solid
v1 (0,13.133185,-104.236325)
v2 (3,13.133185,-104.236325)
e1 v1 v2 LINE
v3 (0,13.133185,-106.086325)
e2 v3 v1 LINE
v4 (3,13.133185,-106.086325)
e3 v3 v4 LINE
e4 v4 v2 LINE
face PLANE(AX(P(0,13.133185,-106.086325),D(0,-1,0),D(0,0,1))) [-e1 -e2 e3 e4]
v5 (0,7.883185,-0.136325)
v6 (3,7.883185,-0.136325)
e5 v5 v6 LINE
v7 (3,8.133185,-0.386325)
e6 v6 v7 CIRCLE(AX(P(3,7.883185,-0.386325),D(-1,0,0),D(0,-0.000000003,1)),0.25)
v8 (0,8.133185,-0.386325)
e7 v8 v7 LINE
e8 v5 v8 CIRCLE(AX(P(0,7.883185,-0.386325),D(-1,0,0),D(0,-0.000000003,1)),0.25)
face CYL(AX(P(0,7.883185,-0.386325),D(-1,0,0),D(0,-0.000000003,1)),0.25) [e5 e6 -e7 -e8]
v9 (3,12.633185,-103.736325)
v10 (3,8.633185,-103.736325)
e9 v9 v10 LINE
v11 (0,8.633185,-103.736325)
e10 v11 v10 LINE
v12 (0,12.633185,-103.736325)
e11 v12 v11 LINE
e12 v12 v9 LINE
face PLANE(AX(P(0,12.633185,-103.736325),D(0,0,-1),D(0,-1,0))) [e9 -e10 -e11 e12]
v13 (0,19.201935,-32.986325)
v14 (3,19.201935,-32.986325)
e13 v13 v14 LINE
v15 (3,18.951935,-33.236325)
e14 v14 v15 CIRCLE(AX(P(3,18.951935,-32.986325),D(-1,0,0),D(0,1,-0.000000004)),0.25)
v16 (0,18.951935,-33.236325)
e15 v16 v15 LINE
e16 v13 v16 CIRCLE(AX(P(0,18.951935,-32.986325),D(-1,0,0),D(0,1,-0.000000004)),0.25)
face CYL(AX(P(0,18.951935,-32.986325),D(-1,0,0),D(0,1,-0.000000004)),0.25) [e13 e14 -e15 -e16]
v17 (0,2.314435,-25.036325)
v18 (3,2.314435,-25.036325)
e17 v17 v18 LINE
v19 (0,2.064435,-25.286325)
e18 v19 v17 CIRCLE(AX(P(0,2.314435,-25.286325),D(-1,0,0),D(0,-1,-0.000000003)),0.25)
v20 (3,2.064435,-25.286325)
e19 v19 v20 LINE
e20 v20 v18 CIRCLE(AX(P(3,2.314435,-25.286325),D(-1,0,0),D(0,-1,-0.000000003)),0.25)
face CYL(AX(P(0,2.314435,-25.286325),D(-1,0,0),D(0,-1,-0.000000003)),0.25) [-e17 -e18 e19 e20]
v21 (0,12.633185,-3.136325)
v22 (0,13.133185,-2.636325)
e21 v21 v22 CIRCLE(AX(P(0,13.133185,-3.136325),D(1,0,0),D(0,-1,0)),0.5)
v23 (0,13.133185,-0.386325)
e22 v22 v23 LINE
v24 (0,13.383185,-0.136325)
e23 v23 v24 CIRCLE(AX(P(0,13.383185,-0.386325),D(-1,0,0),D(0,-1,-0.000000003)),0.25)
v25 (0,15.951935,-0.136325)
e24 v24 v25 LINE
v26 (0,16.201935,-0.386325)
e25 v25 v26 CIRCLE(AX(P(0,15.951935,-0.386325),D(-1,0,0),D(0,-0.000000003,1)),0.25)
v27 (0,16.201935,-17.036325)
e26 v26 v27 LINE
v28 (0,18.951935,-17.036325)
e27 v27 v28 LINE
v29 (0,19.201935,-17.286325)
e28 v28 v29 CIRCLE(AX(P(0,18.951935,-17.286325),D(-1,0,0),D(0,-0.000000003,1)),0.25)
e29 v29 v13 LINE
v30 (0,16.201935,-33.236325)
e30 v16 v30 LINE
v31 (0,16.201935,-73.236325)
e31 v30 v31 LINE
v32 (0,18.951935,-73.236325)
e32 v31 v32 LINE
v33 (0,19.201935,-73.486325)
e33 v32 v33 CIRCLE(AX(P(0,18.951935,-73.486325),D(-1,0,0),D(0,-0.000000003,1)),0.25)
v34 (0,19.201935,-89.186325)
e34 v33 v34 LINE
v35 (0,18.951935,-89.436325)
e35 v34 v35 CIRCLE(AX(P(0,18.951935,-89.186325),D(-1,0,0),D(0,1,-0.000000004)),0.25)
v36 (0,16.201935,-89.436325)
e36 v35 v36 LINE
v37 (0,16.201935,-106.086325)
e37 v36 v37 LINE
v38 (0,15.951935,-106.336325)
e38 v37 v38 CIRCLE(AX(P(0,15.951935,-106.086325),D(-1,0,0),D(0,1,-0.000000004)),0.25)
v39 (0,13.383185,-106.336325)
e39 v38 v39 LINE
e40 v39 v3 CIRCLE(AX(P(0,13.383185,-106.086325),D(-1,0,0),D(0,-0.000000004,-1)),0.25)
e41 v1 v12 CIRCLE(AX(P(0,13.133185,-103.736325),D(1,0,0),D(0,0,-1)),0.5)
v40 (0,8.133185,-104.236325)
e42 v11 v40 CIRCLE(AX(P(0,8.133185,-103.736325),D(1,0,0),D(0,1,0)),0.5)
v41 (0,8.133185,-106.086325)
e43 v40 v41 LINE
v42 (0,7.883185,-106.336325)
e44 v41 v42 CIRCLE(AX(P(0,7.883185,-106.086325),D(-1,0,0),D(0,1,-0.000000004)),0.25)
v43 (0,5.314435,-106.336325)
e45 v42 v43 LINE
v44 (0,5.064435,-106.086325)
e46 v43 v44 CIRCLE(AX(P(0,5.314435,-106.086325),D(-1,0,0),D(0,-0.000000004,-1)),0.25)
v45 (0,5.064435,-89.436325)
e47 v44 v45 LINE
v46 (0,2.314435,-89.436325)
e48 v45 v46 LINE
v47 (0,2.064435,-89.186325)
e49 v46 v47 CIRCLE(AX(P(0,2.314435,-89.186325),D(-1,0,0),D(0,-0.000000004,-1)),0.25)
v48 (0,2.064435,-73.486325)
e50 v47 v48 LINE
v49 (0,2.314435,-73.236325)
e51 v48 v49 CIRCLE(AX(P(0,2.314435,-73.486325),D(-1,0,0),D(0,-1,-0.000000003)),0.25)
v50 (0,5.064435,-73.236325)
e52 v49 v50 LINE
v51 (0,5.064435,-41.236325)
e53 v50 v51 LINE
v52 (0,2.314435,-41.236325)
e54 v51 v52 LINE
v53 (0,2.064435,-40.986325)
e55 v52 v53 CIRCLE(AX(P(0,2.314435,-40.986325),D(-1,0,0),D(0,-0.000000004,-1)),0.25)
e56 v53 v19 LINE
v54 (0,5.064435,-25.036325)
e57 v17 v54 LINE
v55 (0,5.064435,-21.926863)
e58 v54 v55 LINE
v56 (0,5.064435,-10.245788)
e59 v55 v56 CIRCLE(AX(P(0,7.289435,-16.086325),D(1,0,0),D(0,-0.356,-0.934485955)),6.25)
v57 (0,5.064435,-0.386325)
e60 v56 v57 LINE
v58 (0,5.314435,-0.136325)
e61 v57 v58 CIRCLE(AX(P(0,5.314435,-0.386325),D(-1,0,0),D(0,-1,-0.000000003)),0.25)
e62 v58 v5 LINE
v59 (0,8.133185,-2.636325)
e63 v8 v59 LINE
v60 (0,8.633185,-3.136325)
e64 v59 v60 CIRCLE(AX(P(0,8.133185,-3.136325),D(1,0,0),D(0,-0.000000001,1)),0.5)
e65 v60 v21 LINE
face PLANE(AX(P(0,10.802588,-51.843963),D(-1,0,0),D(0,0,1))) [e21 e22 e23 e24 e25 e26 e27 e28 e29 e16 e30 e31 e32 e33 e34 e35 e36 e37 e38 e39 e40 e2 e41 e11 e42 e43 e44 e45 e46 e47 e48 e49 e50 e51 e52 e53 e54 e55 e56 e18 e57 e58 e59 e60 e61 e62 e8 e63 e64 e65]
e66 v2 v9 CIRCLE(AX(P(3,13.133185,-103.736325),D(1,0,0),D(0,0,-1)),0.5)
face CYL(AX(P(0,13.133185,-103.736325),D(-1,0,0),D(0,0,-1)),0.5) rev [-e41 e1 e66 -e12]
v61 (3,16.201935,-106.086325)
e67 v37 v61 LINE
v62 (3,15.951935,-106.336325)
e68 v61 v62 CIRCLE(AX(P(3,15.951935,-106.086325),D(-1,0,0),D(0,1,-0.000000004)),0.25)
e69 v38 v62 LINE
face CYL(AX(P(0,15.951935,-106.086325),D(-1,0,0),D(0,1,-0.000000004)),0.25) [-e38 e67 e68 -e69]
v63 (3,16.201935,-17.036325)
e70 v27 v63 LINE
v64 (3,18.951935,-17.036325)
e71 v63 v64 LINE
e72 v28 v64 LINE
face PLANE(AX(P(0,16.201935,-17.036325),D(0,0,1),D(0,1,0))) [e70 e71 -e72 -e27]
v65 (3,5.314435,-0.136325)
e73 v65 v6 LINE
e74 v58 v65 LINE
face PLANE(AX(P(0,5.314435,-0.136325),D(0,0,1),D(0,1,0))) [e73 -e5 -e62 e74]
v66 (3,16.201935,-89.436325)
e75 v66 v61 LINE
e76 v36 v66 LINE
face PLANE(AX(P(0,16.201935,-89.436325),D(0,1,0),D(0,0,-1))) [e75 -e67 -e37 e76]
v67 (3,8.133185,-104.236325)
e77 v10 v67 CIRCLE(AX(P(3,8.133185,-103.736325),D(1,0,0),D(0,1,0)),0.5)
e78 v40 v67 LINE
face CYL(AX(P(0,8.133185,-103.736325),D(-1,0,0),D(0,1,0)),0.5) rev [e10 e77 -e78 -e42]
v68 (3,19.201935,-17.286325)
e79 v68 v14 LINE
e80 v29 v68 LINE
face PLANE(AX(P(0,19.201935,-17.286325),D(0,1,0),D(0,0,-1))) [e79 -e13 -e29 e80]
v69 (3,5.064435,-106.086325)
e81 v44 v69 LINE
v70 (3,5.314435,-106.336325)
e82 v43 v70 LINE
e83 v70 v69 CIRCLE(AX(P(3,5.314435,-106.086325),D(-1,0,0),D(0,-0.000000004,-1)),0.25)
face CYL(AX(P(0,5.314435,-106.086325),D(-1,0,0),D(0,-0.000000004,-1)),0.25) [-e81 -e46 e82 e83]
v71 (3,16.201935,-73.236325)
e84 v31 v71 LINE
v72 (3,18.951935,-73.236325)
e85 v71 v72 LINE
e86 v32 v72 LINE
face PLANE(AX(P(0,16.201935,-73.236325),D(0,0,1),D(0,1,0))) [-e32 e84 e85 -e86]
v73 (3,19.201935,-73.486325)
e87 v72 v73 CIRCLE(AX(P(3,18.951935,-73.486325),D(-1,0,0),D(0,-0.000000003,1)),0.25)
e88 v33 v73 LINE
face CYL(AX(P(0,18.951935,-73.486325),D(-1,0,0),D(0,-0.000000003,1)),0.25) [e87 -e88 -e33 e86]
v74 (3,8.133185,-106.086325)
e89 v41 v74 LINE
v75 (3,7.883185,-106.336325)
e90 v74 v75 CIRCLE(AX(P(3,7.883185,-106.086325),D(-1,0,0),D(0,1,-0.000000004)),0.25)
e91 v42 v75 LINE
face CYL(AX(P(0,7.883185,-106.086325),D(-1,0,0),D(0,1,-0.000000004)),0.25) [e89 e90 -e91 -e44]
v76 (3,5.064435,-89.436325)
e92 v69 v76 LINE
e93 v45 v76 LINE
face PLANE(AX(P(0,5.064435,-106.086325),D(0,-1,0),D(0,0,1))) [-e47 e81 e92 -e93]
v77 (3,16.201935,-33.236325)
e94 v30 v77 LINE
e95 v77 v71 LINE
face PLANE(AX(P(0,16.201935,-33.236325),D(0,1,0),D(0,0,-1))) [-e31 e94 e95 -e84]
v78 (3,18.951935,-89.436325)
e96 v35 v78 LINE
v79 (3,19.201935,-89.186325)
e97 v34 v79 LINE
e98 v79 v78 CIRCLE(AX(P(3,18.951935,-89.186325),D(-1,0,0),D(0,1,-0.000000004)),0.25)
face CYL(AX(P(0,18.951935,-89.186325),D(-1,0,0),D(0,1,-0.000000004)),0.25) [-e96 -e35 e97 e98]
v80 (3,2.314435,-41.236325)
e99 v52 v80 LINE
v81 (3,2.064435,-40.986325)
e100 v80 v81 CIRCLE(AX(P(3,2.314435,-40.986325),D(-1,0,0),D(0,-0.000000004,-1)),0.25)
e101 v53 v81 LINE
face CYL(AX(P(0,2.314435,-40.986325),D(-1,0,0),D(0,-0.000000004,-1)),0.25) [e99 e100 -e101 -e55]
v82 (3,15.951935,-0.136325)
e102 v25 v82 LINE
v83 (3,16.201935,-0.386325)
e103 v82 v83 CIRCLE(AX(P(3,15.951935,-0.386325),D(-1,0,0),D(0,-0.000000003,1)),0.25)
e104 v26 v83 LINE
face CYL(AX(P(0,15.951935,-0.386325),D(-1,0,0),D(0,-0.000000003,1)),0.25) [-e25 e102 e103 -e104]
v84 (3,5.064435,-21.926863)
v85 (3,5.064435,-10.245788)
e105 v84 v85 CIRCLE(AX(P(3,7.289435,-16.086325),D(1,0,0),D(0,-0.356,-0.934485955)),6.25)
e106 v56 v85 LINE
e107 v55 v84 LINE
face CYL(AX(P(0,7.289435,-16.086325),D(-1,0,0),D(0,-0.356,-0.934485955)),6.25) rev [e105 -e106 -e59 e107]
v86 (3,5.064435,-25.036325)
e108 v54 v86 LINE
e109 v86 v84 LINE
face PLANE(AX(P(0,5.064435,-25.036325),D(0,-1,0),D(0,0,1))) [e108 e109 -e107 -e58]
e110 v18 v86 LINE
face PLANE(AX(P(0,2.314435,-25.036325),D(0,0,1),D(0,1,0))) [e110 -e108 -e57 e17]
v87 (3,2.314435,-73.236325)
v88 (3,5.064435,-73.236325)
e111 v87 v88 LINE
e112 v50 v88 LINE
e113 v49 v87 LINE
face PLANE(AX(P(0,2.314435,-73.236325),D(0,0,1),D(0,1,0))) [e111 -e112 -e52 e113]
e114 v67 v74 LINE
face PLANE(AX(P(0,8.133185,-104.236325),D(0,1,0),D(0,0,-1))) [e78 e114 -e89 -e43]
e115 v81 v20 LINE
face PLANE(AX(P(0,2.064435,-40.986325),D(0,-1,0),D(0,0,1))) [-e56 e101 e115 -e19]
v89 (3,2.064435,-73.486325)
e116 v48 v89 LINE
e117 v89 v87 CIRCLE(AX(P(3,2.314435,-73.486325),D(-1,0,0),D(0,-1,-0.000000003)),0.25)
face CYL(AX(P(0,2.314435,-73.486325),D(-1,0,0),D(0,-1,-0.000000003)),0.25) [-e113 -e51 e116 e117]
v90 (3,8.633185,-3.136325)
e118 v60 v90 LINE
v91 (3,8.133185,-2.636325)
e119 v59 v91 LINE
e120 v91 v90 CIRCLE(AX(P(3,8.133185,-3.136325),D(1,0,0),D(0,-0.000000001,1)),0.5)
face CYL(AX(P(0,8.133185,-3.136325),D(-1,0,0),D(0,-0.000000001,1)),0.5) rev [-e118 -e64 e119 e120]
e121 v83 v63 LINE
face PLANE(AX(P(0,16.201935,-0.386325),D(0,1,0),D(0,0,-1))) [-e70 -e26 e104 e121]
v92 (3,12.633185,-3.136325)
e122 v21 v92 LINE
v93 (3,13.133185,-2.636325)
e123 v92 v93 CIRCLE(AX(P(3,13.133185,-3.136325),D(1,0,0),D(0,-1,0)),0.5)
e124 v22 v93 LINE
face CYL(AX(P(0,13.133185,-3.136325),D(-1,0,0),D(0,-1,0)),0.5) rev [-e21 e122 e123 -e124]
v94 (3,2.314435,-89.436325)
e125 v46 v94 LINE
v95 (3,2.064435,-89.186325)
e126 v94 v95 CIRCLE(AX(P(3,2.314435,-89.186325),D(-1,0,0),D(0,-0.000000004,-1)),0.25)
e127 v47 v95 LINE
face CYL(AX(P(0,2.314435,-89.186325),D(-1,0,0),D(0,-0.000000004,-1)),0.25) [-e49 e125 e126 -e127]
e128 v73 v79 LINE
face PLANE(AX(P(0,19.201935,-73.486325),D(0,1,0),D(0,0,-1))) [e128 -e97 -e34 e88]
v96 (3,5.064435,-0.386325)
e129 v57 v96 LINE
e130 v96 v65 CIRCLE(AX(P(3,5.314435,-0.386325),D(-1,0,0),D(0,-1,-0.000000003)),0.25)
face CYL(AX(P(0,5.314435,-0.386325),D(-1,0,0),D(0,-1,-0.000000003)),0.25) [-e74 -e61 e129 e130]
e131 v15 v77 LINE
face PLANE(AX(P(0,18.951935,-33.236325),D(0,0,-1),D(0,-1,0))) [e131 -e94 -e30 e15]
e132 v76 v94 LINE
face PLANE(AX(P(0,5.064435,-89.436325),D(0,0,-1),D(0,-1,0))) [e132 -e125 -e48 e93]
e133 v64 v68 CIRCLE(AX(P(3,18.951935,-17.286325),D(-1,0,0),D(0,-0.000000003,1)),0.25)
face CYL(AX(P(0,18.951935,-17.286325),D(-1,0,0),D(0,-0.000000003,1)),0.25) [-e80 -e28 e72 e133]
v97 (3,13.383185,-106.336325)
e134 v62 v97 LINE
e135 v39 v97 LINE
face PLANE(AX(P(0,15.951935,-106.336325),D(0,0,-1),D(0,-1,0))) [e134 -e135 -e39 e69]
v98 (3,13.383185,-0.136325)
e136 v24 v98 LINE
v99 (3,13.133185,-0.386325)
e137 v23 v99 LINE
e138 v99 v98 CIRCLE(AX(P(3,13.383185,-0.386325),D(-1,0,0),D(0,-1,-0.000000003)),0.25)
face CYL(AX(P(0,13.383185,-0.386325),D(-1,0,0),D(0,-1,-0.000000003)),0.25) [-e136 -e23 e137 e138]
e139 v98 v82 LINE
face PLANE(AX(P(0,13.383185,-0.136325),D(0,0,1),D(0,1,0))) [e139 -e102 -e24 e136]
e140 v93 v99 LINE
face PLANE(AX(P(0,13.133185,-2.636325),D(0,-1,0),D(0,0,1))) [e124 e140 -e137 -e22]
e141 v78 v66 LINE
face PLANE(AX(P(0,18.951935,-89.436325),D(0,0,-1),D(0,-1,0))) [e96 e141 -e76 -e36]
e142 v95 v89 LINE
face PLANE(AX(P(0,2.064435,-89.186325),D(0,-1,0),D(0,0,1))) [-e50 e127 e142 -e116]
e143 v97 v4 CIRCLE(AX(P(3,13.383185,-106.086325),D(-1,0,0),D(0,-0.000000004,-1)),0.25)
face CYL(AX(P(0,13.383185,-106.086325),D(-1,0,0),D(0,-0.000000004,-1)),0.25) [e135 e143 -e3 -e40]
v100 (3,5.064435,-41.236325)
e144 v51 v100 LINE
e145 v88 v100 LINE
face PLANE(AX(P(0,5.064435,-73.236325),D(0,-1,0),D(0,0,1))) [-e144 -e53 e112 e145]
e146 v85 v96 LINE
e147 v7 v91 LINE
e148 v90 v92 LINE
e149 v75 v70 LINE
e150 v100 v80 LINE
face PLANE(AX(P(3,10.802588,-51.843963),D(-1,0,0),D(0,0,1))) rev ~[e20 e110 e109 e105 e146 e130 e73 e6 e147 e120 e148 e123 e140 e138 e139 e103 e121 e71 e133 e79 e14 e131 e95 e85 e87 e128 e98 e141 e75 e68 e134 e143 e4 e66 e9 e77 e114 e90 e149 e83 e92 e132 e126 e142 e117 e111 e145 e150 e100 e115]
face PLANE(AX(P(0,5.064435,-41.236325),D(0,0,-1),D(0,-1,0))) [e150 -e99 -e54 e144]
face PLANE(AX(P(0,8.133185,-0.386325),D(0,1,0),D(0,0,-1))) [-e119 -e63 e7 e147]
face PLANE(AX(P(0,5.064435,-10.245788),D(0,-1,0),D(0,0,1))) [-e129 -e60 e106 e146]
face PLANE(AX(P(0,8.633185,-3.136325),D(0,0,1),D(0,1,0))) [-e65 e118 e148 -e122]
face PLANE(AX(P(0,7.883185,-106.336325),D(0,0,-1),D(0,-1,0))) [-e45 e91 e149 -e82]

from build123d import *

# Parameters (mm, degrees)
BOSS_EXTRUDE1_DEPTH = 3


with BuildPart() as part:
    # Sketch3 → Boss-Extrude1 (new body)
    with BuildSketch(Plane(origin=(0, 0, 0), x_dir=(0, 0, -1), z_dir=(1, 0, 0))):
        with BuildLine():
            Line((73.486325357, 19.201934502), (89.186325357, 19.201934502))
            ThreePointArc((89.186325357, 19.201934502), (89.363102052, 19.128711197), (89.436325357, 18.951934502))
            Line((89.436325357, 18.951934502), (89.436325357, 16.201934502))
            Line((89.436325357, 16.201934502), (106.086325357, 16.201934502))
            ThreePointArc((106.086325357, 16.201934502), (106.263102052, 16.128711197), (106.336325357, 15.951934502))
            Line((106.336325357, 15.951934502), (106.336325357, 13.383184502))
            ThreePointArc((106.336325357, 13.383184502), (106.263102052, 13.206407807), (106.086325357, 13.133184502))
            Line((106.086325357, 13.133184502), (104.236325357, 13.133184502))
            ThreePointArc((104.236325357, 13.133184502), (103.382771966, 13.486737893), (103.736325357, 12.633184502))
            Line((103.736325357, 12.633184502), (103.736325357, 8.633184502))
            ThreePointArc((103.736325357, 8.633184502), (103.382771966, 7.779631112), (104.236325357, 8.133184502))
            Line((104.236325357, 8.133184502), (106.086325357, 8.133184502))
            ThreePointArc((106.086325357, 8.133184502), (106.263102052, 8.059961197), (106.336325357, 7.883184502))
            Line((106.336325357, 7.883184502), (106.336325357, 5.314434502))
            ThreePointArc((106.336325357, 5.314434502), (106.263102052, 5.137657807), (106.086325357, 5.064434502))
            Line((106.086325357, 5.064434502), (89.436325357, 5.064434502))
            Line((89.436325357, 5.064434502), (89.436325357, 2.314434502))
            ThreePointArc((89.436325357, 2.314434502), (89.363102052, 2.137657807), (89.186325357, 2.064434502))
            Line((89.186325357, 2.064434502), (73.486325357, 2.064434502))
            ThreePointArc((73.486325357, 2.064434502), (73.309548661, 2.137657807), (73.236325357, 2.314434502))
            Line((73.236325357, 2.314434502), (73.236325357, 5.064434502))
            Line((73.236325357, 5.064434502), (41.236325357, 5.064434502))
            Line((41.236325357, 5.064434502), (41.236325357, 2.314434502))
            ThreePointArc((41.236325357, 2.314434502), (41.163102052, 2.137657807), (40.986325357, 2.064434502))
            Line((40.986325357, 2.064434502), (25.286325357, 2.064434502))
            ThreePointArc((25.286325357, 2.064434502), (25.109548661, 2.137657807), (25.036325357, 2.314434502))
            Line((25.036325357, 2.314434502), (25.036325357, 5.064434502))
            Line((25.036325357, 5.064434502), (21.926862575, 5.064434502))
            ThreePointArc((21.926862575, 5.064434502), (16.086325357, 13.539434502), (10.245788138, 5.064434502))
            Line((10.245788138, 5.064434502), (0.386325357, 5.064434502))
            ThreePointArc((0.386325357, 5.064434502), (0.209548661, 5.137657807), (0.136325357, 5.314434502))
            Line((0.136325357, 5.314434502), (0.136325357, 7.883184502))
            ThreePointArc((0.136325357, 7.883184502), (0.209548661, 8.059961197), (0.386325357, 8.133184502))
            Line((0.386325357, 8.133184502), (2.636325357, 8.133184502))
            ThreePointArc((2.636325357, 8.133184502), (3.489878747, 7.779631112), (3.136325357, 8.633184502))
            Line((3.136325357, 8.633184502), (3.136325357, 12.633184502))
            ThreePointArc((3.136325357, 12.633184502), (3.489878747, 13.486737893), (2.636325357, 13.133184502))
            Line((2.636325357, 13.133184502), (0.386325357, 13.133184502))
            ThreePointArc((0.386325357, 13.133184502), (0.209548661, 13.206407807), (0.136325357, 13.383184502))
            Line((0.136325357, 13.383184502), (0.136325357, 15.951934502))
            ThreePointArc((0.136325357, 15.951934502), (0.209548661, 16.128711197), (0.386325357, 16.201934502))
            Line((0.386325357, 16.201934502), (17.036325357, 16.201934502))
            Line((17.036325357, 16.201934502), (17.036325357, 18.951934502))
            ThreePointArc((17.036325357, 18.951934502), (17.109548661, 19.128711197), (17.286325357, 19.201934502))
            Line((17.286325357, 19.201934502), (32.986325357, 19.201934502))
            ThreePointArc((32.986325357, 19.201934502), (33.163102052, 19.128711197), (33.236325357, 18.951934502))
            Line((33.236325357, 18.951934502), (33.236325357, 16.201934502))
            Line((33.236325357, 16.201934502), (73.236325357, 16.201934502))
            Line((73.236325357, 16.201934502), (73.236325357, 18.951934502))
            ThreePointArc((73.236325357, 18.951934502), (73.309548661, 19.128711197), (73.486325357, 19.201934502))
        make_face()
    extrude(amount=BOSS_EXTRUDE1_DEPTH)


solid = part.part
